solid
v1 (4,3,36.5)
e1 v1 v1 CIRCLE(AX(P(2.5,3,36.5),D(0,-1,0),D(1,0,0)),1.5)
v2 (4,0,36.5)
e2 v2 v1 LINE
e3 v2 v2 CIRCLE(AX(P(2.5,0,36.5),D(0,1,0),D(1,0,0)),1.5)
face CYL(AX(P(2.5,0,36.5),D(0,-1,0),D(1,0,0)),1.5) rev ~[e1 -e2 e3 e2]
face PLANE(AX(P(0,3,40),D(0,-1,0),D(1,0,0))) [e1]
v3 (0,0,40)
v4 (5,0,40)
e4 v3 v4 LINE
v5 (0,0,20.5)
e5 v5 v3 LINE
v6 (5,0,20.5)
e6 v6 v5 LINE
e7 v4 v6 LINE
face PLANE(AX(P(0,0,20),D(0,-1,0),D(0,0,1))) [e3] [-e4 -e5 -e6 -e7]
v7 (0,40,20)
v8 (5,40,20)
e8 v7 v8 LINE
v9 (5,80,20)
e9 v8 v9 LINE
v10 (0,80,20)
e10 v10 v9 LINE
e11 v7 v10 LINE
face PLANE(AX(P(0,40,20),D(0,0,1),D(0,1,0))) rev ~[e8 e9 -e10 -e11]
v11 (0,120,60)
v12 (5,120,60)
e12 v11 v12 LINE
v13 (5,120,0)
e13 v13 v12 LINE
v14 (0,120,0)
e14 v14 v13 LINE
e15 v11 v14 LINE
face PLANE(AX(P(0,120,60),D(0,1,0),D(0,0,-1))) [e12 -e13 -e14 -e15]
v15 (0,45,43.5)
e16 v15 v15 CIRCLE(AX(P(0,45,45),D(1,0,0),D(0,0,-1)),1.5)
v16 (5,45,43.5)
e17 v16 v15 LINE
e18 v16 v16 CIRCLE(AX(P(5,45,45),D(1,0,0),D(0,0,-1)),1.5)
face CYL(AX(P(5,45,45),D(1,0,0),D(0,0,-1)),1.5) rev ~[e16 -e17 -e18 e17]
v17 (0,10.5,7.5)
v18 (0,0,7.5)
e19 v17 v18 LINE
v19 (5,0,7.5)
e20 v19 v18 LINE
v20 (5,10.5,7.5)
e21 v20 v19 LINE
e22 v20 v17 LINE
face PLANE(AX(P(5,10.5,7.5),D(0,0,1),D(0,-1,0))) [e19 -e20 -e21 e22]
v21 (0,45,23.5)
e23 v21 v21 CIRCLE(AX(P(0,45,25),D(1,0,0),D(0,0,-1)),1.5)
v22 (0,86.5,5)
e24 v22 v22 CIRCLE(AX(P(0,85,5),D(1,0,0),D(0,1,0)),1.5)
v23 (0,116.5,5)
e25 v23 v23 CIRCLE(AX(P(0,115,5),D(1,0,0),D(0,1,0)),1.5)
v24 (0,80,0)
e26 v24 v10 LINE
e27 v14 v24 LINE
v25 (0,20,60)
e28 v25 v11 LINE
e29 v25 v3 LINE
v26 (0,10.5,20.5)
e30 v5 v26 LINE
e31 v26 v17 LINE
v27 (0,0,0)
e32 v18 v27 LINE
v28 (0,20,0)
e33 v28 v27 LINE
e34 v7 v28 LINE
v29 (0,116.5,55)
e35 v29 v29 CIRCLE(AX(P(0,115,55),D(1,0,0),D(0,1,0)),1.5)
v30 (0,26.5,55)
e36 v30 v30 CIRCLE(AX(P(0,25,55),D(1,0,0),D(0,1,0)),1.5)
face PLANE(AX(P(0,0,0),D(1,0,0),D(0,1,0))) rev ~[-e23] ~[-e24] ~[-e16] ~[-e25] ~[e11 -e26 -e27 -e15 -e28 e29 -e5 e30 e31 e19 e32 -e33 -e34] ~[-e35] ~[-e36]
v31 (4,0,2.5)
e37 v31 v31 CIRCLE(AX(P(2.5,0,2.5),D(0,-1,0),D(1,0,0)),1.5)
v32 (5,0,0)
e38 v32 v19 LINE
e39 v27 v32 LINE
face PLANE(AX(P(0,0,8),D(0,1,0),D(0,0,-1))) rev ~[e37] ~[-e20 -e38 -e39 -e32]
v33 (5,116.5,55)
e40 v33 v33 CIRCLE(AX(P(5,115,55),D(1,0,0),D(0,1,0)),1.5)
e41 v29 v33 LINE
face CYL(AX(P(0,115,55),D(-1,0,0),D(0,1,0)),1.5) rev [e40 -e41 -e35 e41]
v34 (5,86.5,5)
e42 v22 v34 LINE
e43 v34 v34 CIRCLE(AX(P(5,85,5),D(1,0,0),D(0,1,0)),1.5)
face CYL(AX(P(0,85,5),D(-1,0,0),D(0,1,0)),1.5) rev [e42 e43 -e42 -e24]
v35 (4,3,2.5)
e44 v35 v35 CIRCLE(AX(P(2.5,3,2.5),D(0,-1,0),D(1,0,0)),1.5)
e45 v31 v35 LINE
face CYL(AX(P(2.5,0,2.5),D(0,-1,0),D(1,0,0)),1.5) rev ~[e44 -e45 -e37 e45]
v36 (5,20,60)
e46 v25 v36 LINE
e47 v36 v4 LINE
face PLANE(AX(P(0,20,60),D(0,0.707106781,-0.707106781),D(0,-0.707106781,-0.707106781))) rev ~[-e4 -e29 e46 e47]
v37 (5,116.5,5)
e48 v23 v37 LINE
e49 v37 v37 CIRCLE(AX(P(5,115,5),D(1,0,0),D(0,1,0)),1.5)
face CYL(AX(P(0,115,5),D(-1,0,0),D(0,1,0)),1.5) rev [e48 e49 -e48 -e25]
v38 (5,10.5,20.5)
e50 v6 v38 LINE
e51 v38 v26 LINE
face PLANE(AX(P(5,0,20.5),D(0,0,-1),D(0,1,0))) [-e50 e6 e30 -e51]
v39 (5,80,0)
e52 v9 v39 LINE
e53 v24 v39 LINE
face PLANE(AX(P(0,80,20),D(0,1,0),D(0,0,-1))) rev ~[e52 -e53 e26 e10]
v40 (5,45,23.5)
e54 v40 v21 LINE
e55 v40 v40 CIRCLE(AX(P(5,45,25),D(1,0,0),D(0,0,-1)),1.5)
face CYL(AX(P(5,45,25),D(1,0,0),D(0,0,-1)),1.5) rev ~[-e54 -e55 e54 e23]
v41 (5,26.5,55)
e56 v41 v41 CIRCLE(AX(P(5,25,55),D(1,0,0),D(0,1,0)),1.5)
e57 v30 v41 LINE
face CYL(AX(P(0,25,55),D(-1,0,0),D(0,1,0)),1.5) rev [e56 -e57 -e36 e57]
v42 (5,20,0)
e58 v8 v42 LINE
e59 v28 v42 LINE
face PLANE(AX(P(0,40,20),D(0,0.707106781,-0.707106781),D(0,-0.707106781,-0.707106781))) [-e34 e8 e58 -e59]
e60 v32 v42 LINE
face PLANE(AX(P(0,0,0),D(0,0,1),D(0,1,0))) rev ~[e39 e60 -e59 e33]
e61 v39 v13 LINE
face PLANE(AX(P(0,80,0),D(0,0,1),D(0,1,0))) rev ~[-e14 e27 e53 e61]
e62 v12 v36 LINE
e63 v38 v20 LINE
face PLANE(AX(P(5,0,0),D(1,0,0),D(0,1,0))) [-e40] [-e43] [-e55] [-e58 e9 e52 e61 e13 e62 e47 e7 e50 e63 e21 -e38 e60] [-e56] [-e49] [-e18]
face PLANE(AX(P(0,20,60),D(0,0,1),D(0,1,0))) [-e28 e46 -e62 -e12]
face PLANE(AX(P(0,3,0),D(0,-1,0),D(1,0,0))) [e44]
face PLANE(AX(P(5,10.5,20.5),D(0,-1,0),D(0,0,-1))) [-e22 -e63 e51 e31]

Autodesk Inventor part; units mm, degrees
ref_plane "YZ Plane" through (0, 0, 0) normal (1, 0, 0) x (0, 1, 0)
ref_plane "XZ Plane" through (0, 0, 0) normal (0, 1, 0) x (-1, 0, 0)
ref_plane "XY Plane" through (0, 0, 0) normal (0, 0, 1) x (1, 0, 0)
sketch "Boceto1" plane through (0, 0, 0) normal (1, 0, 0) x (0, 1, 0)
  line L0 (0, 8) -> (10, 8)
  line L1 (10, 8) -> (10, 20)
  line L2 (10, 20) -> (0, 20)
  line L3 (20, 60) -> (0, 40)
  line L4 (0, 0) -> (20, 0)
  line L5 (40, 20) -> (20, 0)
  line L6 (20, 60) -> (40, 60)
  line L7 (0, 20) -> (0, 40)
  line L8 (0, 8) -> (0, 0)
  line L9 (40, 60) -> (120, 60)
  line L10 (120, 60) -> (120, 20)
  line L11 (80, 20) -> (80, 0)
  line L12 (80, 0) -> (120, 0)
  line L13 (120, 0) -> (120, 20)
  line L14 (40, 20) -> (80, 20)
  line L15 (120, 60) -> (115, 60)
  line L16 (120, 55) -> (120, 60)
  line L17 (20, 60) -> (25, 60)
  line L18 (120, 0) -> (115, 0)
  line L19 (120, 5) -> (120, 0)
  line L20 (0, 35) -> (0, 40)
  line L21 (0, 0) -> (5, 0)
  line L22 (0, 5) -> (0, 0)
  circle A0 centre (115, 55) radius 1.5
  circle A1 centre (115, 5) radius 1.5
  circle A2 centre (25, 55) radius 1.5
  circle A3 centre (5, 35) radius 1.5
  circle A4 centre (5, 5) radius 1.5
  line L23 (80, 0) -> (85, 0)
  line L24 (80, 5) -> (80, 0)
  circle A5 centre (85, 5) radius 1.5
  dimension "d2" = 8
  dimension "d3" = 10
  dimension "d4" = 12
  dimension "d5" = 40
  dimension "d7" = 20
  dimension "d11" = 20
  dimension "d12" = 20
  dimension "d13" = 20
  dimension "d16" = 100
  dimension "d17" = 60
  dimension "d18" = 40
  dimension "d27" = 3
  dimension "d28" = 3
  dimension "d29" = 3
  dimension "d30" = 3
  dimension "d31" = 3
  dimension "d34" = 3
  dimension "d35" = 5
  dimension "d36" = 5
  dimension "d37" = 5
  dimension "d38" = 5
  dimension "d39" = 5
  dimension "d40" = 5
  dimension "d41" = 5
  dimension "d42" = 5
  dimension "d43" = 5
  dimension "d44" = 5
  dimension "d45" = 5
  dimension "d46" = 5
extrude "Extrusión1" add sketch "Boceto1" along normal blind 5
sketch "Boceto2" plane through (5, 0, 0) normal (1, 0, 0) x (0, 0, -1)
  point P0 (0, 0)
sketch "Boceto3" plane through (5, 0, 0) normal (1, 0, 0) x (0, 0, -1)
  circle A0 centre (-25, 45) radius 1.5
  line L0 (-20, 40) -> (-20, 80) projected
  circle A1 centre (-45, 45) radius 1.5
  point P0 (0, 0)
  dimension "d49" = 3
  dimension "d50" = 5
  dimension "d51" = 5
  dimension "d52" = 3
  dimension "d53" = 20
  dimension "d54" = 5
extrude "Extrusión2" cut sketch "Boceto3" against normal blind 5
sketch "Boceto4" plane through (0, 0, 20) normal (0, -1, 0) x (1, 0, 0)
  point P0 (0, -20)
sketch "Boceto5" plane through (0, 0, 0) normal (0, -1, 0) x (1, 0, 0)
  circle A0 centre (2.5, 2.5) radius 1.5
  line L0 (0, 0) -> (5, 0) projected
  line L1 (0, 8) -> (0, 0) projected
  dimension "d57" = 3
  dimension "d58" = 2.5
  dimension "d59" = 2.5
extrude "Extrusión3" cut sketch "Boceto5" against normal blind 3
sketch "Boceto6" plane through (5, 0, 0) normal (1, 0, 0) x (0, 0, -1)
  line L0 (-8, 0) -> (0, 0) projected
  line L1 (-20.5, 10.5) -> (-7.5, 10.5)
  line L2 (-7.5, 10.5) -> (-7.5, 0)
  line L3 (-7.5, 0) -> (-20.5, 0)
  line L4 (-20.5, 0) -> (-20.5, 10.5)
  line L5 (-8, 10) -> (-8, 0) projected
  line L6 (-20, 0) -> (-20, 10) projected
  line L7 (-20, 10) -> (-8, 10) projected
  point P0 (-20.5, 5.25)
  dimension "d62" = 0.5
  dimension "d63" = 0.5
  dimension "d64" = 0.5
extrude "Extrusión4" cut sketch "Boceto6" against normal blind 10
sketch "Boceto7" plane through (5, 0, 0) normal (1, 0, 0) x (0, 0, -1)
  point P0 (0, 0)
sketch "Boceto8" plane through (0, 0, 40) normal (0, -1, 0) x (1, 0, 0)
  line L0 (5, -3.5) -> (0, -3.5) projected
  circle A0 centre (2.5, -3.5) radius 1.5
  point P0 (0, -40)
  dimension "d67" = 3
extrude "Extrusión5" cut sketch "Boceto8" against normal blind 3
sketch "Boceto9" plane through (5, 0, 0) normal (1, 0, 0) x (0, 0, -1)
  circle A0 centre (-35, 5) radius 1.5 projected
  circle A1 centre (-35, 5) radius 1.5
  circle A2 centre (-5, 5) radius 1.5 projected
  circle A3 centre (-5, 5) radius 1.5
  point P0 (0, 0)
extrude "Extrusión6" add sketch "Boceto9" against normal blind 5
properties part number "Lateral"
